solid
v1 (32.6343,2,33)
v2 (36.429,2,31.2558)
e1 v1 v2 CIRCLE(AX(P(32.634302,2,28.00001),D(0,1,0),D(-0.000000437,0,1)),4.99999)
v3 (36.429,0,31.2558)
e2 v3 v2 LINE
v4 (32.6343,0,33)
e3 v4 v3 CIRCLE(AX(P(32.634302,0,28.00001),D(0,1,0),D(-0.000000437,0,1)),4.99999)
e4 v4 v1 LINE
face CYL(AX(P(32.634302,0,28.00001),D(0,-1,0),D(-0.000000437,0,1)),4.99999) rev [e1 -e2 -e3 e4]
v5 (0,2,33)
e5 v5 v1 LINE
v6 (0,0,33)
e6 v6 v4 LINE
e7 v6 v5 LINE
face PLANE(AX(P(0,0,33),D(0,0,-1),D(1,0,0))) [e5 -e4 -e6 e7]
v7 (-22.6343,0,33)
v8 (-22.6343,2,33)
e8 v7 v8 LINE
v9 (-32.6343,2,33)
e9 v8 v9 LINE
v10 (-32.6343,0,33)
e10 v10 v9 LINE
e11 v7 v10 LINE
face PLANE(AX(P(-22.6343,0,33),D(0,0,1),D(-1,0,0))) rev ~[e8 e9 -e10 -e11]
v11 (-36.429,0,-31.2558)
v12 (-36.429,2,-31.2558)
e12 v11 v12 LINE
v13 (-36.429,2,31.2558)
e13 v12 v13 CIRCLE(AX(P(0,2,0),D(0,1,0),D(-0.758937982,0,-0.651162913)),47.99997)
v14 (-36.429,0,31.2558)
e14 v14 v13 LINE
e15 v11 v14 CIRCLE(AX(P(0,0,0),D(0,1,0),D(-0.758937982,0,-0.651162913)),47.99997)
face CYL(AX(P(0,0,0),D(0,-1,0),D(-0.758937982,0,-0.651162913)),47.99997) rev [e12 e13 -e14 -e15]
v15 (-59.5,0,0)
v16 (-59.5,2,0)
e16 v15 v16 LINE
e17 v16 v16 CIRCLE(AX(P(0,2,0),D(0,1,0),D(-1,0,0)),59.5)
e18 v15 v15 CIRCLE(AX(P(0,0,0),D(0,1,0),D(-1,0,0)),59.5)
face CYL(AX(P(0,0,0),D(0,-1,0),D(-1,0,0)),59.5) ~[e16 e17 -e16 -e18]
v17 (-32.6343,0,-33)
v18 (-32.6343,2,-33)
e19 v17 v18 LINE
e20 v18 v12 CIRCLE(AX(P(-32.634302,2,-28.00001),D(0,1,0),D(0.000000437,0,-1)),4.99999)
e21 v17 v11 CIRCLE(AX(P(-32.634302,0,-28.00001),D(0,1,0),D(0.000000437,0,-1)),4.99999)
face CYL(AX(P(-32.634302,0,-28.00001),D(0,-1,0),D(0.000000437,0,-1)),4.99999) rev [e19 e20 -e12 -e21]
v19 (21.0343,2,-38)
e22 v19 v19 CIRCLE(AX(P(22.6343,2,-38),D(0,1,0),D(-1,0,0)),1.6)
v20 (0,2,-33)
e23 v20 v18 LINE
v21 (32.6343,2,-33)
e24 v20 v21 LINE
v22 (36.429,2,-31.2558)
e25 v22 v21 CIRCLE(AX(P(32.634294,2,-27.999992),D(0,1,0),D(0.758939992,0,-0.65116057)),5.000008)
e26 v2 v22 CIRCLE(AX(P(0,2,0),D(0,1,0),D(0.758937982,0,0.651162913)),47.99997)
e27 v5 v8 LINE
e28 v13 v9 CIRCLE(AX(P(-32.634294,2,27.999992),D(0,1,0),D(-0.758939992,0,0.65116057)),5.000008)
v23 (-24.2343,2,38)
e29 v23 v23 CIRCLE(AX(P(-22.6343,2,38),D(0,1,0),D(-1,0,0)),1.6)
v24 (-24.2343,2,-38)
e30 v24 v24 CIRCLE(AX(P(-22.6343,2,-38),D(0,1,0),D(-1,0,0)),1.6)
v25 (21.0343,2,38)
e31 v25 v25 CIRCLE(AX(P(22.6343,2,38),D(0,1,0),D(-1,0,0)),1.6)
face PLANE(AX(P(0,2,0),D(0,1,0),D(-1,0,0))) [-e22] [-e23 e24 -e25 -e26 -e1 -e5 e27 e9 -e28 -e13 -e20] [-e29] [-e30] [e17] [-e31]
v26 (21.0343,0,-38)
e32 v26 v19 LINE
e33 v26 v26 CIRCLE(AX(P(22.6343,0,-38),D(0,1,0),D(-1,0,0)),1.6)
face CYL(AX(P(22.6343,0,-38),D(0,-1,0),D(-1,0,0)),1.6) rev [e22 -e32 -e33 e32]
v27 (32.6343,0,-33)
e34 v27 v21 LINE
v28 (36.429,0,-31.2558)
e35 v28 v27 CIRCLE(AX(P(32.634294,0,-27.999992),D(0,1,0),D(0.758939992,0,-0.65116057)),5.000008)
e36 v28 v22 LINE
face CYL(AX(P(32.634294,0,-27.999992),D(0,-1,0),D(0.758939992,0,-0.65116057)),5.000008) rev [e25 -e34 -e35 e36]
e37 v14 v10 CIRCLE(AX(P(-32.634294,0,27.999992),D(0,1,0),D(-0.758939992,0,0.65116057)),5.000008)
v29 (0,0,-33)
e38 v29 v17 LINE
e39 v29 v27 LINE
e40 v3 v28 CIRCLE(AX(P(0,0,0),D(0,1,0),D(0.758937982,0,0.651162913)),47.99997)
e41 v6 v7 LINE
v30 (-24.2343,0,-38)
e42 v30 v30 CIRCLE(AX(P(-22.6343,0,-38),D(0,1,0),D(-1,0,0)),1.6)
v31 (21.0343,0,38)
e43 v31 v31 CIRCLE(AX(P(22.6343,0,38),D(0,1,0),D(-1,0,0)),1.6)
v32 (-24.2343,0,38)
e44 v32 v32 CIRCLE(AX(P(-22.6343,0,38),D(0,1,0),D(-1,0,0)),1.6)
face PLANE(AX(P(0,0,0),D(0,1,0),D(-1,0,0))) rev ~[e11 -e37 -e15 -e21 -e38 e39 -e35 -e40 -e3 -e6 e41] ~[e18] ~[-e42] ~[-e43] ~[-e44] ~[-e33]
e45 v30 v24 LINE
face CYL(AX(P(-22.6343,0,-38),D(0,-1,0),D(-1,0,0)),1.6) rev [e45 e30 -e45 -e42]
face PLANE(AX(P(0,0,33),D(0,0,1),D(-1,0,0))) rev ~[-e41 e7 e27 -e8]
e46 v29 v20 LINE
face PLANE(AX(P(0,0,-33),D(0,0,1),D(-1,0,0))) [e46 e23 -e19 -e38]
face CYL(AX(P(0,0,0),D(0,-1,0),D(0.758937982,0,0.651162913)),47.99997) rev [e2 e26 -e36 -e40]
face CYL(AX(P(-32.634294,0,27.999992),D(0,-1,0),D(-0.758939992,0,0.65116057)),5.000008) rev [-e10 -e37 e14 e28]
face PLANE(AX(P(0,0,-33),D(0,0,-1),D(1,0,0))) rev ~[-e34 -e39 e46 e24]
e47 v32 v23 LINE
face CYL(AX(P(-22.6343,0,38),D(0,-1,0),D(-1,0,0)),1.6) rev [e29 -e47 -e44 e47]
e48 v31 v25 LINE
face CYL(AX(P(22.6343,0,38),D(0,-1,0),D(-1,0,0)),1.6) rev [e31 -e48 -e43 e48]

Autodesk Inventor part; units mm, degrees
ref_plane "YZ Plane" through (0, 0, 0) normal (1, 0, 0) x (0, 1, 0)
ref_plane "XZ Plane" through (0, 0, 0) normal (0, 1, 0) x (-1, 0, 0)
ref_plane "XY Plane" through (0, 0, 0) normal (0, 0, 1) x (1, 0, 0)
sketch "Sketch1" plane through (0, 0, 0) normal (0, 1, 0) x (-1, 0, 0)
  circle A0 centre (0, 0) radius 59.5
  line L0 (0, 33) -> (-32.6343, 33)
  line L1 (0, 33) -> (32.6343, 33)
  line L2 (0, -33) -> (-32.6343, -33)
  line L3 (0, -33) -> (32.6343, -33)
  arc A1 (-36.429, 31.2558) -> (-36.429, -31.2558) centre (0, 0) ccw
  arc A2 (36.429, -31.2558) -> (36.429, 31.2558) centre (0, 0) ccw
  arc A3 (36.429, 31.2558) -> (32.6343, 33) centre (32.6343, 28) ccw
  arc A4 (-32.6343, 33) -> (-36.429, 31.2558) centre (-32.6343, 28) ccw
  arc A5 (-36.429, -31.2558) -> (-32.6343, -33) centre (-32.6343, -28) ccw
  arc A6 (32.6343, -33) -> (36.429, -31.2558) centre (32.6343, -28) ccw
  line L4 (32.6343, 33) -> (22.6343, 33)
  circle A7 centre (22.6343, 38) radius 1.6
  line L5 (0, 0) -> (0, 10.7969)
  line L6 (0, 0) -> (10.7386, 0)
  circle A8 centre (-22.6343, 38) radius 1.6
  circle A9 centre (22.6343, -38) radius 1.6
  circle A10 centre (-22.6343, -38) radius 1.6
  point P0 (-34.8569, 33)
  point P1 (34.8569, 33)
  point P2 (-34.8569, -33)
  point P3 (34.8569, -33)
  dimension "d1" = 119
  dimension "d7" = 5
  dimension "d8" = 10
  dimension "d11" = 3.2
extrude "Extrusion1" add sketch "Sketch1" along normal blind 2
sketch "Sketch2" plane through (0, 0, 0) normal (0, -1, 0) x (1, 0, 0)
  line L0 (1.5, -53.75) -> (1.5, -56.75)
  line L1 (1.5, -56.75) -> (4.5, -56.75)
  line L2 (4.5, -56.75) -> (4.5, -50.75)
  line L3 (4.5, -50.75) -> (1.5, -50.75)
  line L4 (1.5, -50.75) -> (1.5, -53.75)
  line L5 (-1.5, -53.75) -> (-1.5, -56.75)
  line L6 (-1.5, -56.75) -> (-4.5, -56.75)
  line L7 (-1.5, -53.75) -> (-1.5, -53.75)
  line L8 (-1.5, -53.75) -> (-1.5, -50.75)
  line L9 (-1.5, -50.75) -> (-4.5, -50.75)
  line L10 (-4.5, -56.75) -> (-4.5, -50.75)
  line L11 (17.4817, -47.856) -> (14.584, -48.6325)
  line L12 (11.6862, -49.409) -> (8.7884, -50.1854)
  line L13 (12.4626, -52.3067) -> (11.6862, -49.409)
  line L14 (10.3413, -55.981) -> (8.7884, -50.1854)
  line L15 (14.584, -48.6325) -> (15.3604, -51.5303)
  line L16 (19.0346, -53.6516) -> (17.4817, -47.856)
  line L17 (16.1369, -54.4281) -> (19.0346, -53.6516)
  line L18 (15.3604, -51.5303) -> (16.1369, -54.4281)
  line L19 (12.4626, -52.3067) -> (13.2391, -55.2045)
  line L20 (13.2391, -55.2045) -> (10.3413, -55.981)
  line L21 (29.2721, -41.7008) -> (26.674, -43.2008)
  line L22 (24.076, -44.7008) -> (21.4779, -46.2008)
  line L23 (25.576, -47.2989) -> (24.076, -44.7008)
  line L24 (24.4779, -51.3969) -> (21.4779, -46.2008)
  line L25 (26.674, -43.2008) -> (28.174, -45.7989)
  line L26 (32.2721, -46.8969) -> (29.2721, -41.7008)
  line L27 (29.674, -48.3969) -> (32.2721, -46.8969)
  line L28 (28.174, -45.7989) -> (29.674, -48.3969)
  line L29 (25.576, -47.2989) -> (27.076, -49.8969)
  line L30 (27.076, -49.8969) -> (24.4779, -51.3969)
  line L31 (39.0676, -32.7037) -> (36.9463, -34.825)
  line L32 (34.825, -36.9463) -> (32.7037, -39.0676)
  line L33 (36.9463, -39.0676) -> (34.825, -36.9463)
  line L34 (36.9463, -43.3103) -> (32.7037, -39.0676)
  line L35 (36.9463, -34.825) -> (39.0676, -36.9463)
  line L36 (43.3103, -36.9463) -> (39.0676, -32.7037)
  line L37 (41.189, -39.0676) -> (43.3103, -36.9463)
  line L38 (39.0676, -36.9463) -> (41.189, -39.0676)
  line L39 (36.9463, -39.0676) -> (39.0676, -41.189)
  line L40 (39.0676, -41.189) -> (36.9463, -43.3103)
  line L41 (46.2008, -21.4779) -> (44.7008, -24.076)
  line L42 (43.2008, -26.674) -> (41.7008, -29.2721)
  line L43 (45.7989, -28.174) -> (43.2008, -26.674)
  line L44 (46.8969, -32.2721) -> (41.7008, -29.2721)
  line L45 (44.7008, -24.076) -> (47.2989, -25.576)
  line L46 (51.3969, -24.4779) -> (46.2008, -21.4779)
  line L47 (49.8969, -27.076) -> (51.3969, -24.4779)
  line L48 (47.2989, -25.576) -> (49.8969, -27.076)
  line L49 (45.7989, -28.174) -> (48.3969, -29.674)
  line L50 (48.3969, -29.674) -> (46.8969, -32.2721)
  line L51 (50.1854, -8.7884) -> (49.409, -11.6862)
  line L52 (48.6325, -14.584) -> (47.856, -17.4817)
  line L53 (51.5303, -15.3604) -> (48.6325, -14.584)
  line L54 (53.6516, -19.0346) -> (47.856, -17.4817)
  line L55 (49.409, -11.6862) -> (52.3067, -12.4626)
  line L56 (55.981, -10.3413) -> (50.1854, -8.7884)
  line L57 (55.2045, -13.2391) -> (55.981, -10.3413)
  line L58 (52.3067, -12.4626) -> (55.2045, -13.2391)
  line L59 (51.5303, -15.3604) -> (54.4281, -16.1369)
  line L60 (54.4281, -16.1369) -> (53.6516, -19.0346)
  line L61 (50.75, 4.5) -> (50.75, 1.5)
  line L62 (50.75, -1.5) -> (50.75, -4.5)
  line L63 (53.75, -1.5) -> (50.75, -1.5)
  line L64 (56.75, -4.5) -> (50.75, -4.5)
  line L65 (50.75, 1.5) -> (53.75, 1.5)
  line L66 (56.75, 4.5) -> (50.75, 4.5)
  line L67 (56.75, 1.5) -> (56.75, 4.5)
  line L68 (53.75, 1.5) -> (56.75, 1.5)
  line L69 (53.75, -1.5) -> (56.75, -1.5)
  line L70 (56.75, -1.5) -> (56.75, -4.5)
  line L71 (47.856, 17.4817) -> (48.6325, 14.584)
  line L72 (49.409, 11.6862) -> (50.1854, 8.7884)
  line L73 (52.3067, 12.4626) -> (49.409, 11.6862)
  line L74 (55.981, 10.3413) -> (50.1854, 8.7884)
  line L75 (48.6325, 14.584) -> (51.5303, 15.3604)
  line L76 (53.6516, 19.0346) -> (47.856, 17.4817)
  line L77 (54.4281, 16.1369) -> (53.6516, 19.0346)
  line L78 (51.5303, 15.3604) -> (54.4281, 16.1369)
  line L79 (52.3067, 12.4626) -> (55.2045, 13.2391)
  line L80 (55.2045, 13.2391) -> (55.981, 10.3413)
  line L81 (41.7008, 29.2721) -> (43.2008, 26.674)
  line L82 (44.7008, 24.076) -> (46.2008, 21.4779)
  line L83 (47.2989, 25.576) -> (44.7008, 24.076)
  line L84 (51.3969, 24.4779) -> (46.2008, 21.4779)
  line L85 (43.2008, 26.674) -> (45.7989, 28.174)
  line L86 (46.8969, 32.2721) -> (41.7008, 29.2721)
  line L87 (48.3969, 29.674) -> (46.8969, 32.2721)
  line L88 (45.7989, 28.174) -> (48.3969, 29.674)
  line L89 (47.2989, 25.576) -> (49.8969, 27.076)
  line L90 (49.8969, 27.076) -> (51.3969, 24.4779)
  line L91 (32.7037, 39.0676) -> (34.825, 36.9463)
  line L92 (36.9463, 34.825) -> (39.0676, 32.7037)
  line L93 (39.0676, 36.9463) -> (36.9463, 34.825)
  line L94 (43.3103, 36.9463) -> (39.0676, 32.7037)
  line L95 (34.825, 36.9463) -> (36.9463, 39.0676)
  line L96 (36.9463, 43.3103) -> (32.7037, 39.0676)
  line L97 (39.0676, 41.189) -> (36.9463, 43.3103)
  line L98 (36.9463, 39.0676) -> (39.0676, 41.189)
  line L99 (39.0676, 36.9463) -> (41.189, 39.0676)
  line L100 (41.189, 39.0676) -> (43.3103, 36.9463)
  line L101 (21.4779, 46.2008) -> (24.076, 44.7008)
  line L102 (26.674, 43.2008) -> (29.2721, 41.7008)
  line L103 (28.174, 45.7989) -> (26.674, 43.2008)
  line L104 (32.2721, 46.8969) -> (29.2721, 41.7008)
  line L105 (24.076, 44.7008) -> (25.576, 47.2989)
  line L106 (24.4779, 51.3969) -> (21.4779, 46.2008)
  line L107 (27.076, 49.8969) -> (24.4779, 51.3969)
  line L108 (25.576, 47.2989) -> (27.076, 49.8969)
  line L109 (28.174, 45.7989) -> (29.674, 48.3969)
  line L110 (29.674, 48.3969) -> (32.2721, 46.8969)
  line L111 (8.7884, 50.1854) -> (11.6862, 49.409)
  line L112 (14.584, 48.6325) -> (17.4817, 47.856)
  line L113 (15.3604, 51.5303) -> (14.584, 48.6325)
  line L114 (19.0346, 53.6516) -> (17.4817, 47.856)
  line L115 (11.6862, 49.409) -> (12.4626, 52.3067)
  line L116 (10.3413, 55.981) -> (8.7884, 50.1854)
  line L117 (13.2391, 55.2045) -> (10.3413, 55.981)
  line L118 (12.4626, 52.3067) -> (13.2391, 55.2045)
  line L119 (15.3604, 51.5303) -> (16.1369, 54.4281)
  line L120 (16.1369, 54.4281) -> (19.0346, 53.6516)
  line L121 (-4.5, 50.75) -> (-1.5, 50.75)
  line L122 (1.5, 50.75) -> (4.5, 50.75)
  line L123 (1.5, 53.75) -> (1.5, 50.75)
  line L124 (4.5, 56.75) -> (4.5, 50.75)
  line L125 (-1.5, 50.75) -> (-1.5, 53.75)
  line L126 (-4.5, 56.75) -> (-4.5, 50.75)
  line L127 (-1.5, 56.75) -> (-4.5, 56.75)
  line L128 (-1.5, 53.75) -> (-1.5, 56.75)
  line L129 (1.5, 53.75) -> (1.5, 56.75)
  line L130 (1.5, 56.75) -> (4.5, 56.75)
  line L131 (-17.4817, 47.856) -> (-14.584, 48.6325)
  line L132 (-11.6862, 49.409) -> (-8.7884, 50.1854)
  line L133 (-12.4626, 52.3067) -> (-11.6862, 49.409)
  line L134 (-10.3413, 55.981) -> (-8.7884, 50.1854)
  line L135 (-14.584, 48.6325) -> (-15.3604, 51.5303)
  line L136 (-19.0346, 53.6516) -> (-17.4817, 47.856)
  line L137 (-16.1369, 54.4281) -> (-19.0346, 53.6516)
  line L138 (-15.3604, 51.5303) -> (-16.1369, 54.4281)
  line L139 (-12.4626, 52.3067) -> (-13.2391, 55.2045)
  line L140 (-13.2391, 55.2045) -> (-10.3413, 55.981)
  line L141 (-29.2721, 41.7008) -> (-26.674, 43.2008)
  line L142 (-24.076, 44.7008) -> (-21.4779, 46.2008)
  line L143 (-25.576, 47.2989) -> (-24.076, 44.7008)
  line L144 (-24.4779, 51.3969) -> (-21.4779, 46.2008)
  line L145 (-26.674, 43.2008) -> (-28.174, 45.7989)
  line L146 (-32.2721, 46.8969) -> (-29.2721, 41.7008)
  line L147 (-29.674, 48.3969) -> (-32.2721, 46.8969)
  line L148 (-28.174, 45.7989) -> (-29.674, 48.3969)
  line L149 (-25.576, 47.2989) -> (-27.076, 49.8969)
  line L150 (-27.076, 49.8969) -> (-24.4779, 51.3969)
  line L151 (-39.0676, 32.7037) -> (-36.9463, 34.825)
  line L152 (-34.825, 36.9463) -> (-32.7037, 39.0676)
  line L153 (-36.9463, 39.0676) -> (-34.825, 36.9463)
  line L154 (-36.9463, 43.3103) -> (-32.7037, 39.0676)
  line L155 (-36.9463, 34.825) -> (-39.0676, 36.9463)
  line L156 (-43.3103, 36.9463) -> (-39.0676, 32.7037)
  line L157 (-41.189, 39.0676) -> (-43.3103, 36.9463)
  line L158 (-39.0676, 36.9463) -> (-41.189, 39.0676)
  line L159 (-36.9463, 39.0676) -> (-39.0676, 41.189)
  line L160 (-39.0676, 41.189) -> (-36.9463, 43.3103)
  line L161 (-46.2008, 21.4779) -> (-44.7008, 24.076)
  line L162 (-43.2008, 26.674) -> (-41.7008, 29.2721)
  line L163 (-45.7989, 28.174) -> (-43.2008, 26.674)
  line L164 (-46.8969, 32.2721) -> (-41.7008, 29.2721)
  line L165 (-44.7008, 24.076) -> (-47.2989, 25.576)
  line L166 (-51.3969, 24.4779) -> (-46.2008, 21.4779)
  line L167 (-49.8969, 27.076) -> (-51.3969, 24.4779)
  line L168 (-47.2989, 25.576) -> (-49.8969, 27.076)
  line L169 (-45.7989, 28.174) -> (-48.3969, 29.674)
  line L170 (-48.3969, 29.674) -> (-46.8969, 32.2721)
  line L171 (-50.1854, 8.7884) -> (-49.409, 11.6862)
  line L172 (-48.6325, 14.584) -> (-47.856, 17.4817)
  line L173 (-51.5303, 15.3604) -> (-48.6325, 14.584)
  line L174 (-53.6516, 19.0346) -> (-47.856, 17.4817)
  line L175 (-49.409, 11.6862) -> (-52.3067, 12.4626)
  line L176 (-55.981, 10.3413) -> (-50.1854, 8.7884)
  line L177 (-55.2045, 13.2391) -> (-55.981, 10.3413)
  line L178 (-52.3067, 12.4626) -> (-55.2045, 13.2391)
  line L179 (-51.5303, 15.3604) -> (-54.4281, 16.1369)
  line L180 (-54.4281, 16.1369) -> (-53.6516, 19.0346)
  line L181 (-50.75, -4.5) -> (-50.75, -1.5)
  line L182 (-50.75, 1.5) -> (-50.75, 4.5)
  line L183 (-53.75, 1.5) -> (-50.75, 1.5)
  line L184 (-56.75, 4.5) -> (-50.75, 4.5)
  line L185 (-50.75, -1.5) -> (-53.75, -1.5)
  line L186 (-56.75, -4.5) -> (-50.75, -4.5)
  line L187 (-56.75, -1.5) -> (-56.75, -4.5)
  line L188 (-53.75, -1.5) -> (-56.75, -1.5)
  line L189 (-53.75, 1.5) -> (-56.75, 1.5)
  line L190 (-56.75, 1.5) -> (-56.75, 4.5)
  line L191 (-47.856, -17.4817) -> (-48.6325, -14.584)
  line L192 (-49.409, -11.6862) -> (-50.1854, -8.7884)
  line L193 (-52.3067, -12.4626) -> (-49.409, -11.6862)
  line L194 (-55.981, -10.3413) -> (-50.1854, -8.7884)
  line L195 (-48.6325, -14.584) -> (-51.5303, -15.3604)
  line L196 (-53.6516, -19.0346) -> (-47.856, -17.4817)
  line L197 (-54.4281, -16.1369) -> (-53.6516, -19.0346)
  line L198 (-51.5303, -15.3604) -> (-54.4281, -16.1369)
  line L199 (-52.3067, -12.4626) -> (-55.2045, -13.2391)
  line L200 (-55.2045, -13.2391) -> (-55.981, -10.3413)
  line L201 (-41.7008, -29.2721) -> (-43.2008, -26.674)
  line L202 (-44.7008, -24.076) -> (-46.2008, -21.4779)
  line L203 (-47.2989, -25.576) -> (-44.7008, -24.076)
  line L204 (-51.3969, -24.4779) -> (-46.2008, -21.4779)
  line L205 (-43.2008, -26.674) -> (-45.7989, -28.174)
  line L206 (-46.8969, -32.2721) -> (-41.7008, -29.2721)
  line L207 (-48.3969, -29.674) -> (-46.8969, -32.2721)
  line L208 (-45.7989, -28.174) -> (-48.3969, -29.674)
  line L209 (-47.2989, -25.576) -> (-49.8969, -27.076)
  line L210 (-49.8969, -27.076) -> (-51.3969, -24.4779)
  line L211 (-32.7037, -39.0676) -> (-34.825, -36.9463)
  line L212 (-36.9463, -34.825) -> (-39.0676, -32.7037)
  line L213 (-39.0676, -36.9463) -> (-36.9463, -34.825)
  line L214 (-43.3103, -36.9463) -> (-39.0676, -32.7037)
  line L215 (-34.825, -36.9463) -> (-36.9463, -39.0676)
  line L216 (-36.9463, -43.3103) -> (-32.7037, -39.0676)
  line L217 (-39.0676, -41.189) -> (-36.9463, -43.3103)
  line L218 (-36.9463, -39.0676) -> (-39.0676, -41.189)
  line L219 (-39.0676, -36.9463) -> (-41.189, -39.0676)
  line L220 (-41.189, -39.0676) -> (-43.3103, -36.9463)
  line L221 (-21.4779, -46.2008) -> (-24.076, -44.7008)
  line L222 (-26.674, -43.2008) -> (-29.2721, -41.7008)
  line L223 (-28.174, -45.7989) -> (-26.674, -43.2008)
  line L224 (-32.2721, -46.8969) -> (-29.2721, -41.7008)
  line L225 (-24.076, -44.7008) -> (-25.576, -47.2989)
  line L226 (-24.4779, -51.3969) -> (-21.4779, -46.2008)
  line L227 (-27.076, -49.8969) -> (-24.4779, -51.3969)
  line L228 (-25.576, -47.2989) -> (-27.076, -49.8969)
  line L229 (-28.174, -45.7989) -> (-29.674, -48.3969)
  line L230 (-29.674, -48.3969) -> (-32.2721, -46.8969)
  line L231 (-8.7884, -50.1854) -> (-11.6862, -49.409)
  line L232 (-14.584, -48.6325) -> (-17.4817, -47.856)
  line L233 (-15.3604, -51.5303) -> (-14.584, -48.6325)
  line L234 (-19.0346, -53.6516) -> (-17.4817, -47.856)
  line L235 (-11.6862, -49.409) -> (-12.4626, -52.3067)
  line L236 (-10.3413, -55.981) -> (-8.7884, -50.1854)
  line L237 (-13.2391, -55.2045) -> (-10.3413, -55.981)
  line L238 (-12.4626, -52.3067) -> (-13.2391, -55.2045)
  line L239 (-15.3604, -51.5303) -> (-16.1369, -54.4281)
  line L240 (-16.1369, -54.4281) -> (-19.0346, -53.6516)
  line L241 (-32.6343, 33) -> (32.6343, 33) projected
  arc A0 (36.429, 31.2558) -> (32.6343, 33) centre (32.6343, 28) ccw projected
  arc A1 (36.429, -31.2558) -> (36.429, 31.2558) centre (0, 0) ccw projected
  arc A2 (32.6343, -33) -> (36.429, -31.2558) centre (32.6343, -28) ccw projected
  line L242 (32.6343, -33) -> (-32.6343, -33) projected
  arc A3 (-36.429, -31.2558) -> (-32.6343, -33) centre (-32.6343, -28) ccw projected
  arc A4 (-36.429, 31.2558) -> (-36.429, -31.2558) centre (0, 0) ccw projected
  arc A5 (-32.6343, 33) -> (-36.429, 31.2558) centre (-32.6343, 28) ccw projected
  circle A6 centre (-22.6343, -38) radius 1.6 projected
  circle A7 centre (22.6343, -38) radius 1.6 projected
  circle A8 centre (22.6343, 38) radius 1.6 projected
  circle A9 centre (-22.6343, 38) radius 1.6 projected
  circle A10 centre (0, 0) radius 59.5 projected
properties part number "Light Sensor PCB"
